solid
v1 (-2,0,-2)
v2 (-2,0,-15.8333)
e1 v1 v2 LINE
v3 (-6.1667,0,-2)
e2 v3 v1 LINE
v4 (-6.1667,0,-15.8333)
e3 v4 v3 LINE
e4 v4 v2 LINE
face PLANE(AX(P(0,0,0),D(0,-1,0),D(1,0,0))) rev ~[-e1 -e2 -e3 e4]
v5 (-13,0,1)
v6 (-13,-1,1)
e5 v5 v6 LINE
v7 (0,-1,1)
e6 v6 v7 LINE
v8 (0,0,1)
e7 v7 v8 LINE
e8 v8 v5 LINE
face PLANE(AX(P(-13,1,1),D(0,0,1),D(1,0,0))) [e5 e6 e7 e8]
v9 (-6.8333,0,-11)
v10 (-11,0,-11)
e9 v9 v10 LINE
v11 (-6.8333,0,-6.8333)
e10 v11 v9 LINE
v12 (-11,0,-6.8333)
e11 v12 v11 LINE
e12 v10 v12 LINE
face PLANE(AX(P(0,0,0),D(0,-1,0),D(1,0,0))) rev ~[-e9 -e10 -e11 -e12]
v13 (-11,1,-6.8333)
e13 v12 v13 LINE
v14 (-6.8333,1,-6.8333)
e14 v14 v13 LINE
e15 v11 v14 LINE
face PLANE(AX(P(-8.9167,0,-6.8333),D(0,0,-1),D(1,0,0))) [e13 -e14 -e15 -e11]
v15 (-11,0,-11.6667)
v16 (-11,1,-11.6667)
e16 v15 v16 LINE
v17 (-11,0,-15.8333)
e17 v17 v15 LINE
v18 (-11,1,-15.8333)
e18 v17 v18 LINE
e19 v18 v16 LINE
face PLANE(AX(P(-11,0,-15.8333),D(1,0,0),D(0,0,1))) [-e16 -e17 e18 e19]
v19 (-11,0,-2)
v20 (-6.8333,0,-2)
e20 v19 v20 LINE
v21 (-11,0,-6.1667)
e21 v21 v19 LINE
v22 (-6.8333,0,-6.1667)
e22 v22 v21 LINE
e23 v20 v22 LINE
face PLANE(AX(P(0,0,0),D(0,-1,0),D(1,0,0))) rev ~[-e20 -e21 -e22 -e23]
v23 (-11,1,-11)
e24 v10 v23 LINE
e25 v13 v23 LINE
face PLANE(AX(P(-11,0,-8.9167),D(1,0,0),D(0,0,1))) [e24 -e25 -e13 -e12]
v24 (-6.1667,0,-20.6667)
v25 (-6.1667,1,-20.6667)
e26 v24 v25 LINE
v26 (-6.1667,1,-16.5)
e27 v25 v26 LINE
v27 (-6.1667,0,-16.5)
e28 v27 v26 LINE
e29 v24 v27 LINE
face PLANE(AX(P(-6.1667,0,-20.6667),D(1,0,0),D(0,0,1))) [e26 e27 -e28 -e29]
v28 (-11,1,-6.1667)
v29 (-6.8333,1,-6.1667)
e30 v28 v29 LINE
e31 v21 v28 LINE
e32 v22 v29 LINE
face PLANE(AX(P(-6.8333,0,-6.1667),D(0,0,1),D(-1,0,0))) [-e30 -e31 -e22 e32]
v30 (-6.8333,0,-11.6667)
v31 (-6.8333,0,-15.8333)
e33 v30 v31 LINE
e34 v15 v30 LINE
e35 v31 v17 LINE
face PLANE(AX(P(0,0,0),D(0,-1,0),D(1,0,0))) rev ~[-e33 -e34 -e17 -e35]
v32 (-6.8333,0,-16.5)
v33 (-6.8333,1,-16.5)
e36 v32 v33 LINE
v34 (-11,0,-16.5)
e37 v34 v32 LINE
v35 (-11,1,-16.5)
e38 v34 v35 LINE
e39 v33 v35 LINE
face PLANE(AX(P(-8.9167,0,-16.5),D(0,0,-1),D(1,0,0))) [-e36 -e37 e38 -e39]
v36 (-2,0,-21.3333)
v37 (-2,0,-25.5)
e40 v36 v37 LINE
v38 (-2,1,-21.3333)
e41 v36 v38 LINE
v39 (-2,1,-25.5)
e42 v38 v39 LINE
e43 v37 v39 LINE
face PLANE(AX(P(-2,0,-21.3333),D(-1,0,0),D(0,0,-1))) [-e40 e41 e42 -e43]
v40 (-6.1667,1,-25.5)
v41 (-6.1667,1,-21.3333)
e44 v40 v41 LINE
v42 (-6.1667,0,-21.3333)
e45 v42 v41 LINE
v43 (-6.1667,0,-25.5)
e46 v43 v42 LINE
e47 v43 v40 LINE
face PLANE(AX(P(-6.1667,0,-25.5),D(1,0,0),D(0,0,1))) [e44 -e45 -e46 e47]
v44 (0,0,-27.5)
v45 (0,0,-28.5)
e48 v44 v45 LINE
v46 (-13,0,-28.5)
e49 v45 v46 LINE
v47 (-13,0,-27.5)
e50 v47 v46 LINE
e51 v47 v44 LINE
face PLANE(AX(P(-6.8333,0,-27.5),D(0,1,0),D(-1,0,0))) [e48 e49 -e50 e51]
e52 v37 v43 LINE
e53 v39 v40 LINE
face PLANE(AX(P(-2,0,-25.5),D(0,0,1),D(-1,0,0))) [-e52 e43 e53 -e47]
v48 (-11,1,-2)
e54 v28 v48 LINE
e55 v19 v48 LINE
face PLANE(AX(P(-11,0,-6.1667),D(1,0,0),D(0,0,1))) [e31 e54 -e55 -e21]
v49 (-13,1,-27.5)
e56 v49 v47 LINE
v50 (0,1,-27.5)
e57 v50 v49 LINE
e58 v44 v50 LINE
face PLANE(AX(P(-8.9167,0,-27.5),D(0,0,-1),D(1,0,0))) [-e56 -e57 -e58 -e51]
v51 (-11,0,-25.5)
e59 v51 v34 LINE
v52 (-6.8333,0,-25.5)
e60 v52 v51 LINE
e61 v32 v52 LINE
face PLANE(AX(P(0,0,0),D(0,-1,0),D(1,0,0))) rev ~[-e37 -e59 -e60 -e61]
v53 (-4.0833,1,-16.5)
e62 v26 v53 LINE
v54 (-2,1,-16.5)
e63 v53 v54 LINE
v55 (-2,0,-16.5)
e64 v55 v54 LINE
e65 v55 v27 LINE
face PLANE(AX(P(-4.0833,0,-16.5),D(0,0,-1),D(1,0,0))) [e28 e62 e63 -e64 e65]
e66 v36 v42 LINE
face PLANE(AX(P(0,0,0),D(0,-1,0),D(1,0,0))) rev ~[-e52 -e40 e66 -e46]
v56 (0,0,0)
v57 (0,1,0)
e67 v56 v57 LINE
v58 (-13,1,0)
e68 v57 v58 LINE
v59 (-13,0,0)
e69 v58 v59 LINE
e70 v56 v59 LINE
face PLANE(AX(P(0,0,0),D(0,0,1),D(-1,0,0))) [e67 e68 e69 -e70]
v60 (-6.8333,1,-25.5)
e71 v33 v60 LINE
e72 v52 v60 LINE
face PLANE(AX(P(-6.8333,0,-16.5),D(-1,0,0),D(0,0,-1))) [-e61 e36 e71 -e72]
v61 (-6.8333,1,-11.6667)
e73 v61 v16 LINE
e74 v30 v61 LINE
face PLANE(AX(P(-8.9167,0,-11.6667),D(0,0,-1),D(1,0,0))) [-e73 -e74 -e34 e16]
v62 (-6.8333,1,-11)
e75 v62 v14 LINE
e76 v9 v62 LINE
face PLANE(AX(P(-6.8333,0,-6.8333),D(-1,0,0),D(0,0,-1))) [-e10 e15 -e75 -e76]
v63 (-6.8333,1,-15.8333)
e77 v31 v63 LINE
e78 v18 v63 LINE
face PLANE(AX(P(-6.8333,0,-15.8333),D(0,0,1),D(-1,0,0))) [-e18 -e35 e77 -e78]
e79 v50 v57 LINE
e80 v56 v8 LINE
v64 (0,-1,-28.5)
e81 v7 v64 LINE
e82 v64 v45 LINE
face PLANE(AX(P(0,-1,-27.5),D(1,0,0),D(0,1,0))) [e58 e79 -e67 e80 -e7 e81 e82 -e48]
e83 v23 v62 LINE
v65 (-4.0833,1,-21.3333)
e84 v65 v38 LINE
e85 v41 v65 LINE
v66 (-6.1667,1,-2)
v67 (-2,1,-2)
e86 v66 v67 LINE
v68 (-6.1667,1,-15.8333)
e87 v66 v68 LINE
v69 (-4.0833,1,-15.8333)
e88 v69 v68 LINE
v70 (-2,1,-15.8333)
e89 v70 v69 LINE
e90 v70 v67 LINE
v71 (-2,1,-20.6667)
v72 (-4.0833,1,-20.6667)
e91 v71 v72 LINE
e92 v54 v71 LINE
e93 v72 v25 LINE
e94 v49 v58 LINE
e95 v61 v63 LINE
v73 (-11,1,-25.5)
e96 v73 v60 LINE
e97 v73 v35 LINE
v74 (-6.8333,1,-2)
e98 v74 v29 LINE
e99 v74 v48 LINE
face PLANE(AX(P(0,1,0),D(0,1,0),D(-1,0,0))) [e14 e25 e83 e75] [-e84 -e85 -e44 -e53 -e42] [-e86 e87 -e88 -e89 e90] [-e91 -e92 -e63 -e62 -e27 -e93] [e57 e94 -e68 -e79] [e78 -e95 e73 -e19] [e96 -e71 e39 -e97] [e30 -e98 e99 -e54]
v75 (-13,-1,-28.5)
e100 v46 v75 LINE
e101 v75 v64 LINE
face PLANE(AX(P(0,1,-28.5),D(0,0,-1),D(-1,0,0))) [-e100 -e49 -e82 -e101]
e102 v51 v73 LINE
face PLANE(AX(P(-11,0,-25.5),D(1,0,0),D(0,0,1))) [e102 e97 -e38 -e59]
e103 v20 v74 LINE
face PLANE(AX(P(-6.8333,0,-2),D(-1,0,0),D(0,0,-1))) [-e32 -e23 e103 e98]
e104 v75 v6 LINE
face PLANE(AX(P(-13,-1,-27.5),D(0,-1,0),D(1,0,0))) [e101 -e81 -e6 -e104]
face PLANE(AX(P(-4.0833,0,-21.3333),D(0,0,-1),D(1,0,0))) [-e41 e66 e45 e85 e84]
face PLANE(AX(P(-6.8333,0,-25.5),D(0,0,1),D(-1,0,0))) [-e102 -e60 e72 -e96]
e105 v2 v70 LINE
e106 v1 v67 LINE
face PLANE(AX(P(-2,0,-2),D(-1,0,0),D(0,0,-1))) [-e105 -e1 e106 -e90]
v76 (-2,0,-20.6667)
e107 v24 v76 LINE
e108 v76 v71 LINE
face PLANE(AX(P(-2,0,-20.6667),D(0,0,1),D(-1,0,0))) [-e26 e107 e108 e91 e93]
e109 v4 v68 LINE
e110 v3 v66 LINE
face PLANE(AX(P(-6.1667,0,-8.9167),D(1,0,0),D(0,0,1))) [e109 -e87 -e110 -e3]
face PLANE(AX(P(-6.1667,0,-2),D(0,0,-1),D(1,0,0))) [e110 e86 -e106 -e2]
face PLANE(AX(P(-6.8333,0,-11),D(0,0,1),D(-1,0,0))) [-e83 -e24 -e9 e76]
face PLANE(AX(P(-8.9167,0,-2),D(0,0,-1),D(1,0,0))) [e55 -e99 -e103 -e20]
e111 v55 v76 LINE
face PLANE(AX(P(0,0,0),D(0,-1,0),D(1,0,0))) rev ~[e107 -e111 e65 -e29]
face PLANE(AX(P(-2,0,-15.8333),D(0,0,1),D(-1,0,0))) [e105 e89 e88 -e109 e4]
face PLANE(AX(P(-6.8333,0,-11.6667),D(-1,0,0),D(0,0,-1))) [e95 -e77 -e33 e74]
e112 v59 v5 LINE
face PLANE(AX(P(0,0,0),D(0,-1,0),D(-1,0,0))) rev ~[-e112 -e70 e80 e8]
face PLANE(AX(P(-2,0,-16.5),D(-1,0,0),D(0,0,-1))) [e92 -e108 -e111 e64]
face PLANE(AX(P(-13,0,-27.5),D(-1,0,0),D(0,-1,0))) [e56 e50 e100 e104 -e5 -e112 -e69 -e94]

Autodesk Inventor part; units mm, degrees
ref_plane "YZ Plane" through (0, 0, 0) normal (1, 0, 0) x (0, 1, 0)
ref_plane "XZ Plane" through (0, 0, 0) normal (0, 1, 0) x (-1, 0, 0)
ref_plane "XY Plane" through (0, 0, 0) normal (0, 0, 1) x (1, 0, 0)
sketch "Эскиз1" plane through (0, 0, 0) normal (0, 1, 0) x (-1, 0, 0)
  line L0 (0, 0) -> (13, 0)
  line L1 (13, 0) -> (13, -27.5)
  line L2 (13, -27.5) -> (0, -27.5)
  line L3 (0, -27.5) -> (0, 0)
  line L4 (11, -2) -> (6.8333, -2)
  line L5 (6.8333, -2) -> (6.8333, -6.1667)
  line L6 (6.8333, -6.1667) -> (11, -6.1667)
  line L7 (11, -6.1667) -> (11, -2)
  line L8 (11, -6.8333) -> (6.8333, -6.8333)
  line L9 (6.8333, -6.8333) -> (6.8333, -11)
  line L10 (6.8333, -11) -> (11, -11)
  line L11 (11, -11) -> (11, -6.8333)
  line L12 (11, -11.6667) -> (6.8333, -11.6667)
  line L13 (6.8333, -11.6667) -> (6.8333, -15.8333)
  line L14 (6.8333, -15.8333) -> (11, -15.8333)
  line L15 (11, -15.8333) -> (11, -11.6667)
  line L16 (11, -16.5) -> (6.8333, -16.5)
  line L17 (6.8333, -16.5) -> (6.8333, -25.5)
  line L18 (6.8333, -25.5) -> (11, -25.5)
  line L19 (11, -25.5) -> (11, -16.5)
  line L20 (6.1667, -16.5) -> (2, -16.5)
  line L21 (2, -16.5) -> (2, -20.6667)
  line L22 (2, -20.6667) -> (6.1667, -20.6667)
  line L23 (6.1667, -20.6667) -> (6.1667, -16.5)
  line L24 (6.1667, -21.3333) -> (2, -21.3333)
  line L25 (2, -21.3333) -> (2, -25.5)
  line L26 (2, -25.5) -> (6.1667, -25.5)
  line L27 (6.1667, -25.5) -> (6.1667, -21.3333)
  line L28 (6.1667, -2) -> (2, -2)
  line L29 (2, -2) -> (2, -15.8333)
  line L30 (2, -15.8333) -> (6.1667, -15.8333)
  line L31 (6.1667, -15.8333) -> (6.1667, -2)
  line L32 (8.9167, -6.1667) -> (8.9167, -6.8333)
  line L33 (8.9167, -11) -> (8.9167, -11.6667)
  line L34 (8.9167, -15.8333) -> (8.9167, -16.5)
  line L35 (4.0833, -15.8333) -> (4.0833, -16.5)
  line L36 (4.0833, -20.6667) -> (4.0833, -21.3333)
  line L37 (8.9167, -2) -> (8.9167, 0)
  line L38 (8.9167, -25.5) -> (8.9167, -27.5)
  line L39 (11, -8.9167) -> (13, -8.9167)
  line L40 (2, -8.9167) -> (0, -8.9167)
  line L41 (6.8333, -8.9167) -> (6.1667, -8.9167)
  dimension "d0" = 13
  dimension "d1" = 27.5
  dimension "d9" = 2
extrude "Выдавливание1" add sketch "Эскиз1" along normal blind 1 contours L0 L37 L4 L5 L6 L32 L8 L9 L41 L31 L28 L29 L40 L3 | L0 L1 L39 L11 L8 L32 L6 L7 L4 L37 | L40 L29 L30 L31 L41 L9 L10 L33 L12 L13 L14 L34 L16 L17 L18 L38 L2 L3 | L1 L2 L38 L18 L19 L16 L34 L14 L15 L12 L33 L10 L11 L39
sketch "Эскиз2" plane through (0, 0, 0) normal (0, -1, 0) x (1, 0, 0)
  line L0 (0, 0) -> (0, -27.5) projected
  line L1 (-13, 0) -> (0, 0) projected
  line L2 (-13, -27.5) -> (-13, 0) projected
  line L3 (0, -27.5) -> (-13, -27.5) projected
  line L4 (-6.1667, -15.8333) -> (-2, -15.8333) projected
  line L5 (-6.1667, -2) -> (-6.1667, -15.8333) projected
  line L6 (-2, -2) -> (-6.1667, -2) projected
  line L7 (-2, -15.8333) -> (-2, -2) projected
  line L8 (-2, -25.5) -> (-2, -21.3333) projected
  line L9 (-6.1667, -25.5) -> (-2, -25.5) projected
  line L10 (-6.1667, -21.3333) -> (-6.1667, -25.5) projected
  line L11 (-2, -21.3333) -> (-6.1667, -21.3333) projected
  line L12 (-6.8333, -11.6667) -> (-11, -11.6667) projected
  line L13 (-6.8333, -15.8333) -> (-6.8333, -11.6667) projected
  line L14 (-11, -15.8333) -> (-6.8333, -15.8333) projected
  line L15 (-11, -11.6667) -> (-11, -15.8333) projected
  line L16 (-11, -16.5) -> (-11, -25.5) projected
  line L17 (-6.8333, -16.5) -> (-11, -16.5) projected
  line L18 (-6.8333, -25.5) -> (-6.8333, -16.5) projected
  line L19 (-11, -25.5) -> (-6.8333, -25.5) projected
  line L20 (-11, -11) -> (-6.8333, -11) projected
  line L21 (-11, -6.8333) -> (-11, -11) projected
  line L22 (-6.8333, -6.8333) -> (-11, -6.8333) projected
  line L23 (-6.8333, -11) -> (-6.8333, -6.8333) projected
  line L24 (-11, -2) -> (-11, -6.1667) projected
  line L25 (-6.8333, -2) -> (-11, -2) projected
  line L26 (-6.8333, -6.1667) -> (-6.8333, -2) projected
  line L27 (-11, -6.1667) -> (-6.8333, -6.1667) projected
  line L28 (-2, -20.6667) -> (-2, -16.5) projected
  line L29 (-6.1667, -20.6667) -> (-2, -20.6667) projected
  line L30 (-6.1667, -16.5) -> (-6.1667, -20.6667) projected
  line L31 (-2, -16.5) -> (-6.1667, -16.5) projected
extrude "Выдавливание2" add sketch "Эскиз2" along normal blind 1 contours L0 L3 L2 L1 | L5 L6 L7 L4 | L9 L10 L11 L8 | L13 L14 L15 L12 | L17 L18 L19 L16 | L21 L22 L23 L20 | L25 L26 L27 L24 | L29 L30 L31 L28
sketch "Эскиз3" plane through (-13, 1, 0) normal (0, 0, 1) x (1, 0, 0)
  line L0 (0, -2) -> (13, -2)
  line L1 (13, -2) -> (13, -1)
  line L2 (13, -1) -> (0, -1)
  line L3 (0, -1) -> (0, -2)
  line L4 (13, -2) -> (13, 0) projected
  line L5 (0, -2) -> (0, 0) projected
  line L6 (13, -2) -> (0, -2) projected
  dimension "d14" = 1
extrude "Выдавливание3" add sketch "Эскиз3" along normal blind 1
sketch "Эскиз4" plane through (0, 1, -27.5) normal (0, 0, -1) x (-1, 0, 0)
  line L0 (6.8333, -1) -> (11, -1) projected
  line L1 (13, -2) -> (0, -2) projected
  line L2 (0, -2) -> (0, -1) projected
  line L3 (0, -1) -> (13, -1) projected
  line L4 (13, -1) -> (13, -2) projected
extrude "Выдавливание4" add sketch "Эскиз4" along normal blind 1
properties part number "Лого ШП"
